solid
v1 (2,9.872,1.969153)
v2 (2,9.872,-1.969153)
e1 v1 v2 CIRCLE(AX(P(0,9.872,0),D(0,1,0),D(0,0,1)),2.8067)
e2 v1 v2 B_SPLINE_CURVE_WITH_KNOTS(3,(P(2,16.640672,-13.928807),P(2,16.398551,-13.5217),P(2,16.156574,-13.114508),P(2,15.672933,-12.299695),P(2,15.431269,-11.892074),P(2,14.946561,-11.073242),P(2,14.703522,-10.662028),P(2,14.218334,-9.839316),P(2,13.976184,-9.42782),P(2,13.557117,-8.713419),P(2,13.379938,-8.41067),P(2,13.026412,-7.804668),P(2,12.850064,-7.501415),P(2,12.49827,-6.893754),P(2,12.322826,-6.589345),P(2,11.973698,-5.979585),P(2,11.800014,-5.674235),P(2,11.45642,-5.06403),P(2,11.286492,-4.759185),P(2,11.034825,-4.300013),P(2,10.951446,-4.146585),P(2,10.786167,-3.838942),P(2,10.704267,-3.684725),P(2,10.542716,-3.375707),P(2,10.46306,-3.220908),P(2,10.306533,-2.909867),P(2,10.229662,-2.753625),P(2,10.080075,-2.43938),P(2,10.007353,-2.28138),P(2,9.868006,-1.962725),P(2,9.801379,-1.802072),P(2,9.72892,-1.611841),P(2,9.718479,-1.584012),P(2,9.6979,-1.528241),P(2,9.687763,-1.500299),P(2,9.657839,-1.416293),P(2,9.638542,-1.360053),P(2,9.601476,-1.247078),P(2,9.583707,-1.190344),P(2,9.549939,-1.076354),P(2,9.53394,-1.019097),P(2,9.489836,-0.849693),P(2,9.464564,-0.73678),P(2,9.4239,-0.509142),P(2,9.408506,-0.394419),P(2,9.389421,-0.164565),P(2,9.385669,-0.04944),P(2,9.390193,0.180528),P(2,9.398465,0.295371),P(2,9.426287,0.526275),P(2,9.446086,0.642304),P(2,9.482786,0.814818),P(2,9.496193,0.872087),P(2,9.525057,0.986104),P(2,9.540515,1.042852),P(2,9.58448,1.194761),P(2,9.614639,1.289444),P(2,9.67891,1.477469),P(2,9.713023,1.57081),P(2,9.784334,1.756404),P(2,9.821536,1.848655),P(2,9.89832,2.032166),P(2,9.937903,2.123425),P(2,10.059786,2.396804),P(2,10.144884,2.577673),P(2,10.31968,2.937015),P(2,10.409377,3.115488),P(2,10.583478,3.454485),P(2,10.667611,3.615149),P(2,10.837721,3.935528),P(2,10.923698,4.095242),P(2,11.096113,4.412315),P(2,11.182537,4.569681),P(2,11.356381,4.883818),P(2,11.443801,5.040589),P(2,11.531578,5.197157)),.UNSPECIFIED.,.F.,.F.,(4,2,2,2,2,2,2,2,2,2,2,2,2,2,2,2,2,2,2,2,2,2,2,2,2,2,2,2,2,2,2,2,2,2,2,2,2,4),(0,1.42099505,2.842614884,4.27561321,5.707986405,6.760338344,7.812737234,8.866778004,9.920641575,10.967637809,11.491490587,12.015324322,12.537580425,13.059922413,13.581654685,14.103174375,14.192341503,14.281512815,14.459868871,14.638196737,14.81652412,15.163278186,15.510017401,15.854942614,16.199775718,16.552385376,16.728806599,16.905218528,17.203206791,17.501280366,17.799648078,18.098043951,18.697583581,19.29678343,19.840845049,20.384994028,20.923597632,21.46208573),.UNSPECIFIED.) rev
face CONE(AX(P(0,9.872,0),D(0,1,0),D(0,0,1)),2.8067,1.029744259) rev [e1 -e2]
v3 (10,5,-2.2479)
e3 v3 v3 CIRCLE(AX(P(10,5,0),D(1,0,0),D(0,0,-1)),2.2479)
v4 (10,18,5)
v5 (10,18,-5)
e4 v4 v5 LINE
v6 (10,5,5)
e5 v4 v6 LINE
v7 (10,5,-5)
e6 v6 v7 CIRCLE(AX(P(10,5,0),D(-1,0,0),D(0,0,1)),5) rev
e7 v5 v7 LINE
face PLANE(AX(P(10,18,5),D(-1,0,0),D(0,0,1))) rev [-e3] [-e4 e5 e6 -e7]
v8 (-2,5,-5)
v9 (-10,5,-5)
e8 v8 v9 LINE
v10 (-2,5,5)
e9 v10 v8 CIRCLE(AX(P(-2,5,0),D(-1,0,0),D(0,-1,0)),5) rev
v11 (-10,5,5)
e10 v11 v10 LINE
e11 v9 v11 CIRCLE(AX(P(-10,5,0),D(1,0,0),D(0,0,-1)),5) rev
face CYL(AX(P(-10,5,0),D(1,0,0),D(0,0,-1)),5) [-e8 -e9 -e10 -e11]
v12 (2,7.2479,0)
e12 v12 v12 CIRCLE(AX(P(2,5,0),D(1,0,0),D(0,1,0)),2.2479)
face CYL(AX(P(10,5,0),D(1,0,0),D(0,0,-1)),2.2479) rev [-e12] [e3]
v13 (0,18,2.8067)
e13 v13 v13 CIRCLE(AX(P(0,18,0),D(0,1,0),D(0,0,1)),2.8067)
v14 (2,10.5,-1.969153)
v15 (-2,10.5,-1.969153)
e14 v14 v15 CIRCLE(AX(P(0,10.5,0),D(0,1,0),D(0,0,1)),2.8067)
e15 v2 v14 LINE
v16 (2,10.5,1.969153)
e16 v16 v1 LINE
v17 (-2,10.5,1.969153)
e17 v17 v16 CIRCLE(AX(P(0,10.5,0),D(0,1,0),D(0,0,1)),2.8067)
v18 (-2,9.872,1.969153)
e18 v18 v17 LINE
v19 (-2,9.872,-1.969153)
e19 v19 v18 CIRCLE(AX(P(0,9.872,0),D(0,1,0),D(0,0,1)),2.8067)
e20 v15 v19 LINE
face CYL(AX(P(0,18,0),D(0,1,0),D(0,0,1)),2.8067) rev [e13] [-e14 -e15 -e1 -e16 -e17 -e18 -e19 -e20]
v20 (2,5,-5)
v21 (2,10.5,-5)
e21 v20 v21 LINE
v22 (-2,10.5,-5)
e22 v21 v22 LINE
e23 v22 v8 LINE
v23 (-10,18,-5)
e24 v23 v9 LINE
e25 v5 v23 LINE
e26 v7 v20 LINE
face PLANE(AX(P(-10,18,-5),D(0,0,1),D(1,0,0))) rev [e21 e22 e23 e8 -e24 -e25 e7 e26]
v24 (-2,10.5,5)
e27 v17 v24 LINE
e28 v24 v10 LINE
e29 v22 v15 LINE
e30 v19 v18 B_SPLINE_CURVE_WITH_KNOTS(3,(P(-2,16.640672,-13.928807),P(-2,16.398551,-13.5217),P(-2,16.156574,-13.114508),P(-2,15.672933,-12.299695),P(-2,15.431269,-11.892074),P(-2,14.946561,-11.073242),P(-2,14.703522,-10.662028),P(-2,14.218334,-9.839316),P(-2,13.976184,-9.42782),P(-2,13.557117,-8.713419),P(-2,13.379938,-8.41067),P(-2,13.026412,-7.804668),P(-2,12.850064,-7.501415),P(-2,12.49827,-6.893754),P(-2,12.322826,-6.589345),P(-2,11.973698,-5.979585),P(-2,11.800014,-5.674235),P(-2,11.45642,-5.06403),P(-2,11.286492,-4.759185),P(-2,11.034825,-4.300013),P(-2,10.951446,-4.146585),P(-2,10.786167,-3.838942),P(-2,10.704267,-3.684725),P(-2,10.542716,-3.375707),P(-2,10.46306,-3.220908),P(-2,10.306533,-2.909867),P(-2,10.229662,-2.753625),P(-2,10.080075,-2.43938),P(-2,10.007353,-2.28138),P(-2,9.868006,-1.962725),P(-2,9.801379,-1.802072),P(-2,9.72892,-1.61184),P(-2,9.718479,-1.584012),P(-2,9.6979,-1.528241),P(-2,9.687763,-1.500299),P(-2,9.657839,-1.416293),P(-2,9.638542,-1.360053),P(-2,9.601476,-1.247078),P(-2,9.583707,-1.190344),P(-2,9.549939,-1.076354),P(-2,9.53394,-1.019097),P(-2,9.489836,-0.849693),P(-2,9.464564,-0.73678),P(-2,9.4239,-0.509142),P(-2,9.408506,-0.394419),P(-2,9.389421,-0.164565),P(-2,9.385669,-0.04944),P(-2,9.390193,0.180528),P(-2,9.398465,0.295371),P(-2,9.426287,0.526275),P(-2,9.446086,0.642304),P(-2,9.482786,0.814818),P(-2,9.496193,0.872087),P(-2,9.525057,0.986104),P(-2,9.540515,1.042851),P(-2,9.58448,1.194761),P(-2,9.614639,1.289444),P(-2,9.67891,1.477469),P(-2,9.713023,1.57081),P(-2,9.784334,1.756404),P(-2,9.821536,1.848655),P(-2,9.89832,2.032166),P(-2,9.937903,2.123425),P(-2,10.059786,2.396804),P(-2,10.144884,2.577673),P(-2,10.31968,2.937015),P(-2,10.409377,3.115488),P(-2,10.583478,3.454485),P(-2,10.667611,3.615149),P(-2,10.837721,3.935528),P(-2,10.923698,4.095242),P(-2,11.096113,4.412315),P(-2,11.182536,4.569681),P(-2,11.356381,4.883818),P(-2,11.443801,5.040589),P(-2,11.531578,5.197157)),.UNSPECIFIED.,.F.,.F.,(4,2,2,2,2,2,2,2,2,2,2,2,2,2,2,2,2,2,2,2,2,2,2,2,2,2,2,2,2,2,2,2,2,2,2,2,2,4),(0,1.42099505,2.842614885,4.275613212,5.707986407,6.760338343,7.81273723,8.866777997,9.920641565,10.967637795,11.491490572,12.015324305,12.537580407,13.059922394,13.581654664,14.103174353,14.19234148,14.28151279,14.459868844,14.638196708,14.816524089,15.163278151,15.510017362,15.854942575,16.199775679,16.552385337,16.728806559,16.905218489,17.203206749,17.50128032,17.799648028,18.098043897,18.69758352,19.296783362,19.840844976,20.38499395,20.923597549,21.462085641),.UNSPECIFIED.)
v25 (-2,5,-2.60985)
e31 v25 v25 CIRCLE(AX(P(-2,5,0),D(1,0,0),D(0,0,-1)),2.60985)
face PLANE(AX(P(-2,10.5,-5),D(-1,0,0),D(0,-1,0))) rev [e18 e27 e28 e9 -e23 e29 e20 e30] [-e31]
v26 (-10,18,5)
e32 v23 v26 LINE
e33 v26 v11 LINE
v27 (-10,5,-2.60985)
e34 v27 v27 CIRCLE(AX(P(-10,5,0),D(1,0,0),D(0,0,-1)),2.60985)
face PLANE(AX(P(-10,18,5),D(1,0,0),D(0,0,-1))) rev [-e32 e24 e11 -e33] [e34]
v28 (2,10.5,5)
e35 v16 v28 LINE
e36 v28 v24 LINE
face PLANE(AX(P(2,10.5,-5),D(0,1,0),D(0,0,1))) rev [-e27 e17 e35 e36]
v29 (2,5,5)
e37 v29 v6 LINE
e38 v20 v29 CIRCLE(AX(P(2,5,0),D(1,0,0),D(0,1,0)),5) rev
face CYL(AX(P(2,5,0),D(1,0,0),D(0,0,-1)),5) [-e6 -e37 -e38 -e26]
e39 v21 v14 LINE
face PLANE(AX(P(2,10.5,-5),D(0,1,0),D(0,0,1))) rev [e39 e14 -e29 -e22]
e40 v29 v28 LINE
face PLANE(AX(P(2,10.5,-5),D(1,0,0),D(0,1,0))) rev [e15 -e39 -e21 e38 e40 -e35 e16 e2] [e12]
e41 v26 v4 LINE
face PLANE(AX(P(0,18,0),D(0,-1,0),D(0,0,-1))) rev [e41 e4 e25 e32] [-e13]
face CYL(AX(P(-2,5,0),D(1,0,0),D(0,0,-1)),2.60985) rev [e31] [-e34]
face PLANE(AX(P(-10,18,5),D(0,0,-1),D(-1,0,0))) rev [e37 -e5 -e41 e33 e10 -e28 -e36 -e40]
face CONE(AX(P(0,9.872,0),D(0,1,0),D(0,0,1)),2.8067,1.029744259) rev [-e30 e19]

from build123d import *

# Parameters (mm, degrees)
SKETCH1_W                       = 20
SKETCH1_H                       = 10
BOSS_EXTRUDE1_DEPTH             = 18
CUT_EXTRUDE1_DEPTH              = 22.1896201
CUT_EXTRUDE1_DEPTH_BACK         = 22.1896201
SKETCH2_W                       = 4
SKETCH2_H                       = 10.5
F_16_0_177_DIAMETER_HOLE1_D     = 4.4958
F_16_0_177_DIAMETER_HOLE1_DEPTH = 8
SKETCH6_W                       = 2.60985
SKETCH6_H                       = 8
F_2_0_221_DIAMETER_HOLE1_D      = 5.6134
F_2_0_221_DIAMETER_HOLE1_DEPTH  = 8.128
F_2_0_221_DIAMETER_HOLE1_TIP    = 1.686435499
FILLET2_RADIUS                  = 5
FILLET2_LENGTH                  = 8
FILLET3_RADIUS                  = 5
FILLET3_LENGTH                  = 8


with BuildPart() as part:
    # Sketch1 → Boss-Extrude1 (new body)
    with BuildSketch(Plane(origin=(0, 0, 0), x_dir=(1, 0, 0), z_dir=(0, 1, 0))):
        Rectangle(SKETCH1_W, SKETCH1_H)
    extrude(amount=BOSS_EXTRUDE1_DEPTH)

    # Sketch2 → Cut-Extrude1 (cut, two sides: drawn at the far end of the back side and taken through both)
    with BuildSketch(Plane.XY.offset(-CUT_EXTRUDE1_DEPTH_BACK)):
        with Locations((0, 5.25)):
            Rectangle(SKETCH2_W, SKETCH2_H)
    extrude(amount=CUT_EXTRUDE1_DEPTH + CUT_EXTRUDE1_DEPTH_BACK, mode=Mode.SUBTRACT)

    # #16 (0.177) Diameter Hole1
    with Locations(Plane(origin=(10, 0, 0), x_dir=(0, 0, -1), z_dir=(1, 0, 0))):
        with Locations((0, 5)):
            Hole(F_16_0_177_DIAMETER_HOLE1_D / 2, depth=F_16_0_177_DIAMETER_HOLE1_DEPTH)

    # Sketch6 → #5 (0.2055) Diameter Hole1 (revolve, cut)
    with BuildSketch(Plane(origin=(-2, 5, 0), x_dir=(0, 0, -1), z_dir=(0, 1, 0))):
        with Locations((1.304925, 4)):
            Rectangle(SKETCH6_W, SKETCH6_H)
    revolve(axis=Axis((4.35, 5, 0), (-1, 0, 0)), mode=Mode.SUBTRACT)

    # #2 (0.221) Diameter Hole1
    with Locations(Plane(origin=(0, 18, 0), x_dir=(1, 0, 0), z_dir=(0, 1, 0))):
        with Locations((0, 0)):
            Hole(F_2_0_221_DIAMETER_HOLE1_D / 2, depth=F_2_0_221_DIAMETER_HOLE1_DEPTH)
            with Locations((0, 0, -(F_2_0_221_DIAMETER_HOLE1_DEPTH + F_2_0_221_DIAMETER_HOLE1_TIP / 2))):  # 118° drill point
                Cone(0, F_2_0_221_DIAMETER_HOLE1_D / 2, F_2_0_221_DIAMETER_HOLE1_TIP, mode=Mode.SUBTRACT)

    # Fillet2: full round fillet: the end face becomes a half cylinder, R = half its width
    fillet2_face = Plane((-6, 0, 0), x_dir=(1, 0, 0), z_dir=(0, -1, 0))  # on the end face: x along it, z out of the body
    fillet2_slab = fillet2_face.offset(-FILLET2_RADIUS / 2) * Box(FILLET2_LENGTH, 2 * FILLET2_RADIUS, FILLET2_RADIUS, mode=Mode.PRIVATE)  # the body's end, R deep
    fillet2_round = Plane((-6, 5, 0), x_dir=(0, -1, 0), z_dir=(1, 0, 0)) * Cylinder(FILLET2_RADIUS, FILLET2_LENGTH, mode=Mode.PRIVATE)  # its axis R under the face
    add(fillet2_slab - fillet2_round, mode=Mode.SUBTRACT)

    # Fillet3: full round fillet: the end face becomes a half cylinder, R = half its width
    fillet3_face = Plane((6, 0, 0), x_dir=(-1, 0, 0), z_dir=(0, -1, 0))  # on the end face: x along it, z out of the body
    fillet3_slab = fillet3_face.offset(-FILLET3_RADIUS / 2) * Box(FILLET3_LENGTH, 2 * FILLET3_RADIUS, FILLET3_RADIUS, mode=Mode.PRIVATE)  # the body's end, R deep
    fillet3_round = Plane((6, 5, 0), x_dir=(0, -1, 0), z_dir=(-1, 0, 0)) * Cylinder(FILLET3_RADIUS, FILLET3_LENGTH, mode=Mode.PRIVATE)  # its axis R under the face
    add(fillet3_slab - fillet3_round, mode=Mode.SUBTRACT)


solid = part.part
